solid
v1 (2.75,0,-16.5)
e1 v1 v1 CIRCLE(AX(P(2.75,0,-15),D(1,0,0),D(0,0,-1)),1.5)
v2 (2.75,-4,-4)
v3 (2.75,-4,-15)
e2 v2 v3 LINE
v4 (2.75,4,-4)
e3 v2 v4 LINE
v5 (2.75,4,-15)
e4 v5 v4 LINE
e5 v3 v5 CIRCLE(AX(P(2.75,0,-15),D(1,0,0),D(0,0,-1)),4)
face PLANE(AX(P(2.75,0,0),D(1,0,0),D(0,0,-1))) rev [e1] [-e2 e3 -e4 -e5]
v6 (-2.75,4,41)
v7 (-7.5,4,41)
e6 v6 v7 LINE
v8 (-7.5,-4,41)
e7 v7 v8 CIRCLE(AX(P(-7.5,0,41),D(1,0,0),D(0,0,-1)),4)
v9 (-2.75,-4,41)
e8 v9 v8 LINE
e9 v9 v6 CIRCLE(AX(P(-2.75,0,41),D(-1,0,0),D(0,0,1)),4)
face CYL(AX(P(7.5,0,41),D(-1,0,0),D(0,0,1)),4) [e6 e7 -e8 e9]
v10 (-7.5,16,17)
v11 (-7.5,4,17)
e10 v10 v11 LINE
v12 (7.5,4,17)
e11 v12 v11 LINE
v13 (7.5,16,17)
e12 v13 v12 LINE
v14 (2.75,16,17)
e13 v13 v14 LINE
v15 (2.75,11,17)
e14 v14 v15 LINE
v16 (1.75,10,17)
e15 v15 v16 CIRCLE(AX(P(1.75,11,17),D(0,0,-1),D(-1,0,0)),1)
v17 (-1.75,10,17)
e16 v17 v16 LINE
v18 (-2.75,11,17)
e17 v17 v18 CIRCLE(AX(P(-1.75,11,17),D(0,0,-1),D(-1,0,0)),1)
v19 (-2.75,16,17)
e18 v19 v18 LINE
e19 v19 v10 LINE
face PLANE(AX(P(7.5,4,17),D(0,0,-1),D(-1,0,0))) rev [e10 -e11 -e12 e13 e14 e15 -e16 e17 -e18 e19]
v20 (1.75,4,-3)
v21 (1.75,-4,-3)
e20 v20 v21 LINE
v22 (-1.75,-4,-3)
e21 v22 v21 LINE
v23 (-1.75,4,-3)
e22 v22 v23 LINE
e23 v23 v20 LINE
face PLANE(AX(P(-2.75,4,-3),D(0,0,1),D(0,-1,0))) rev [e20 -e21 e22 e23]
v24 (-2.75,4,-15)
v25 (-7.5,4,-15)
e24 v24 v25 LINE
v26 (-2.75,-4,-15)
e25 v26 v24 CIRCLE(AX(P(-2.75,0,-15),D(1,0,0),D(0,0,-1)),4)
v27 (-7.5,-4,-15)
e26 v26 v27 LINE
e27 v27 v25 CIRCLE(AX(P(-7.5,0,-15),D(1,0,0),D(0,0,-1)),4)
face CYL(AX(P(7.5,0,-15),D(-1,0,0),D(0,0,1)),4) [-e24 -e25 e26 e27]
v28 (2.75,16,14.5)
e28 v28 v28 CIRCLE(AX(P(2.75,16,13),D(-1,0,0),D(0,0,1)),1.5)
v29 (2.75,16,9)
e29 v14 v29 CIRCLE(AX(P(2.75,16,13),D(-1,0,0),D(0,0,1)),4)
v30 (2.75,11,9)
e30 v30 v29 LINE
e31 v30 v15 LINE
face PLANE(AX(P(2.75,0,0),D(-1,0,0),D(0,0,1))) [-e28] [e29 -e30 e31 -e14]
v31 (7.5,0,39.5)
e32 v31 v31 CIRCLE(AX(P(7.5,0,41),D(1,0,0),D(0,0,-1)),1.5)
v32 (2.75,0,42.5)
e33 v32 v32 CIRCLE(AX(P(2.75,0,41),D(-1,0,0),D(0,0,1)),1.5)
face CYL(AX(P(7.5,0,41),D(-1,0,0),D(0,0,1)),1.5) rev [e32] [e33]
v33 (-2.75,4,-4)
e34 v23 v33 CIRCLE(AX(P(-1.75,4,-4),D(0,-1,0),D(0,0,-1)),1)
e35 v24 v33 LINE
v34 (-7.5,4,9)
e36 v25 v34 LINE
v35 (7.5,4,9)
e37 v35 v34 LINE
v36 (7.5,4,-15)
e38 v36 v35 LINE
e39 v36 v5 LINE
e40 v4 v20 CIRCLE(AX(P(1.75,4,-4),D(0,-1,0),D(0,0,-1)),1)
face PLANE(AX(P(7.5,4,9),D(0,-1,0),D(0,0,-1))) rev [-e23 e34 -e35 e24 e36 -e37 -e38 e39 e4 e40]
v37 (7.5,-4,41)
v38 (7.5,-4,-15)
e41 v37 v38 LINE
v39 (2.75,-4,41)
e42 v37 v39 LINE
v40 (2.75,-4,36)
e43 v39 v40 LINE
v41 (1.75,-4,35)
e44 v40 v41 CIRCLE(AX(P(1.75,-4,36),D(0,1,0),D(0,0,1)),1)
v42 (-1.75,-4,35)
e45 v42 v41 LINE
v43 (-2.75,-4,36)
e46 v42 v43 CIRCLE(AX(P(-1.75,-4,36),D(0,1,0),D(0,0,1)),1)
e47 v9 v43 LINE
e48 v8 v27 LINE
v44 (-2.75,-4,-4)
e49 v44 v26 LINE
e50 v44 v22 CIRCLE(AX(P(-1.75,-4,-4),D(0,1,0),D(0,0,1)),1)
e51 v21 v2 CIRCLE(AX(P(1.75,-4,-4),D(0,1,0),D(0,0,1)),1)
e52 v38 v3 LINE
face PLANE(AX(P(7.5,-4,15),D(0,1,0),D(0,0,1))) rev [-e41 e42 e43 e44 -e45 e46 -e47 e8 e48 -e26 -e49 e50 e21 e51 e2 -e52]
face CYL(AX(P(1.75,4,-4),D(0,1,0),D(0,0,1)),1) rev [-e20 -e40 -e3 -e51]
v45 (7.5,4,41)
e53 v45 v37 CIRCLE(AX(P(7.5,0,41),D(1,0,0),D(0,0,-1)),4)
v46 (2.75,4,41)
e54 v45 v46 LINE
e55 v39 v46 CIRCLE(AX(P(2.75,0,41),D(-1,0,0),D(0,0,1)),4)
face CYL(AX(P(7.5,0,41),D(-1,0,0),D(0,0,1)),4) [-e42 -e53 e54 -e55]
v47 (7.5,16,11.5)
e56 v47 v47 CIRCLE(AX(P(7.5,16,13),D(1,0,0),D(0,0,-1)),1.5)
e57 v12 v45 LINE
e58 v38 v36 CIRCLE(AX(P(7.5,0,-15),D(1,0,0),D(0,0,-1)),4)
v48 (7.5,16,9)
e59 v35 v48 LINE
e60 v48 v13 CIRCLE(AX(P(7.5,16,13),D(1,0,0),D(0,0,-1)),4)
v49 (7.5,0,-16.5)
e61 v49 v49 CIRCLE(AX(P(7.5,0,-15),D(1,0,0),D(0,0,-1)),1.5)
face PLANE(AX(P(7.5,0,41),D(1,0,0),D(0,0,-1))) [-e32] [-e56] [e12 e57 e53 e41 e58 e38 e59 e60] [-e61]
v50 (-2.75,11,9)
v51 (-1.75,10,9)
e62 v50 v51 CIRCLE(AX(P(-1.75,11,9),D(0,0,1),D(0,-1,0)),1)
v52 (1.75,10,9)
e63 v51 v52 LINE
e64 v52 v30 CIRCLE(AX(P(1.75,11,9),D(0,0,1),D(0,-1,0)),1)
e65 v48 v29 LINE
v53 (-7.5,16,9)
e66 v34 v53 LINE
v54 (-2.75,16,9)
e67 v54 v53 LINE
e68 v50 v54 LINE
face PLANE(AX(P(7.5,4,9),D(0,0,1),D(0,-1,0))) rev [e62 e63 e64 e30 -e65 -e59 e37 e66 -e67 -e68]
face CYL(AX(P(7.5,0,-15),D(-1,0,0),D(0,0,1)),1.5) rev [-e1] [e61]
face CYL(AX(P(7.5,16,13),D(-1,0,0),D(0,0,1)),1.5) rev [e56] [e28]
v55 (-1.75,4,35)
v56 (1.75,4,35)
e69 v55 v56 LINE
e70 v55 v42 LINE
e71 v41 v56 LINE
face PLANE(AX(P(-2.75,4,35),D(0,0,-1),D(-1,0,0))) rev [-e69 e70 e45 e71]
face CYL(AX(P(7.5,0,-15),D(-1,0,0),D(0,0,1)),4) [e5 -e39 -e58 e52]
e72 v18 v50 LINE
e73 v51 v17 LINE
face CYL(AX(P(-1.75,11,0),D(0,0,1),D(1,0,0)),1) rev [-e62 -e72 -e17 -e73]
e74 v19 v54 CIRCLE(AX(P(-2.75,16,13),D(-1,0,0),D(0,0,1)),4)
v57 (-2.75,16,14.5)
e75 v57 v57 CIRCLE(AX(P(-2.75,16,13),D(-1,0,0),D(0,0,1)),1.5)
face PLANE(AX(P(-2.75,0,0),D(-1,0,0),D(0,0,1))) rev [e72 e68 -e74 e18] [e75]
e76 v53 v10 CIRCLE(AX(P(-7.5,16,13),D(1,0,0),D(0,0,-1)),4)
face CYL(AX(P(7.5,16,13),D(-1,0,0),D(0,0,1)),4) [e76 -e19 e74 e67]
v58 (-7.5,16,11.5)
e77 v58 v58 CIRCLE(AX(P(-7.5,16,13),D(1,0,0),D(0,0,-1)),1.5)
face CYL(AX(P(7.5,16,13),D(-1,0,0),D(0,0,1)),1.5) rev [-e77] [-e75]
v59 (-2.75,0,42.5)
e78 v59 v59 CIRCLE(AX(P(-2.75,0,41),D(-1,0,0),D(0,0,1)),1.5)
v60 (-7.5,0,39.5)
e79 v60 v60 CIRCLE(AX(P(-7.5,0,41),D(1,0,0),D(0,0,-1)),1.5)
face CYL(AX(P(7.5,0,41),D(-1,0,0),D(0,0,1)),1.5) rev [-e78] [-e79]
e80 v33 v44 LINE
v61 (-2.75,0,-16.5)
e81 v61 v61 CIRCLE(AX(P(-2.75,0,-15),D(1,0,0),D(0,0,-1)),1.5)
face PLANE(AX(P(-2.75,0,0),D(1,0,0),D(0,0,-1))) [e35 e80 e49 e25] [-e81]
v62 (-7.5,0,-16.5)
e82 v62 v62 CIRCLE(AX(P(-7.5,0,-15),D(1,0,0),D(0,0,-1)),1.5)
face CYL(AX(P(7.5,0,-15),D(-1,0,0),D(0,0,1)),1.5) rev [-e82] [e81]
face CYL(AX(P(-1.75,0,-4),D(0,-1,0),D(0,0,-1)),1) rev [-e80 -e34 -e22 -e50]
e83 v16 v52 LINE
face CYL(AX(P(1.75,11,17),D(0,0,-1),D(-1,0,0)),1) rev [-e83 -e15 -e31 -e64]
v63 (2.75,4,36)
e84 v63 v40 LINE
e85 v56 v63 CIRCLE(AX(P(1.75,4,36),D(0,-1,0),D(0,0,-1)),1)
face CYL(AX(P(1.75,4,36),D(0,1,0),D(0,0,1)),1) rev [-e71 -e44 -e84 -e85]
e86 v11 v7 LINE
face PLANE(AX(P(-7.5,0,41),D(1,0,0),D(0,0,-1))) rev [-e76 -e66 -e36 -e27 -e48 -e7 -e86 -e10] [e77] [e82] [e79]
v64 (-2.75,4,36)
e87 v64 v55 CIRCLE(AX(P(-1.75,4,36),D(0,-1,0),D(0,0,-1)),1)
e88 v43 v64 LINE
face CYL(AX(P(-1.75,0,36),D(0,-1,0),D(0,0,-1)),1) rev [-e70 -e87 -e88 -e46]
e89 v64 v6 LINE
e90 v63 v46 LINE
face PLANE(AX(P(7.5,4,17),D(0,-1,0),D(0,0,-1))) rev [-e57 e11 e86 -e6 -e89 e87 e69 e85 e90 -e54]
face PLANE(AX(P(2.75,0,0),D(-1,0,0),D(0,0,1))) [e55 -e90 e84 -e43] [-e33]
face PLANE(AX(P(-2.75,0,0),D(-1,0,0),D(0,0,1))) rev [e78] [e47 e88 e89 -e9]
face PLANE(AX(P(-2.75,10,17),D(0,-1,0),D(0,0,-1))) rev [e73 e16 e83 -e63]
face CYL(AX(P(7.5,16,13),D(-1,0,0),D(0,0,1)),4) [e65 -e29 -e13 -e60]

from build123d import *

# Parameters (mm, degrees)
CROQUIS1_R              = 1.5
SALIENTE_EXTRUIR1_DEPTH = 7.5
CROQUIS2_W              = 8
CROQUIS2_H              = 10
CROQUIS2_W_2            = 16
CROQUIS2_H_2            = 8
CROQUIS2_W_3            = 10
CORTAR_EXTRUIR1_DEPTH   = 2.75
REDONDEO1_R             = 1


with BuildPart() as part:
    # Croquis1 → Saliente-Extruir1 (new, symmetric)
    with BuildSketch(Plane(origin=(0, 0, 0), x_dir=(0, 0, -1), z_dir=(1, 0, 0))):
        with BuildLine():
            Line((-15, -4), (15, -4))
            ThreePointArc((15, -4), (19, 0), (15, 4))
            Line((15, 4), (-9, 4))
            Line((-9, 4), (-9, 16))
            ThreePointArc((-9, 16), (-13, 20), (-17, 16))
            Line((-17, 16), (-17, 4))
            Line((-17, 4), (-41, 4))
            ThreePointArc((-41, 4), (-45, 0), (-41, -4))
            Line((-41, -4), (-15, -4))
        make_face()
        with Locations((15, 0)):
            Circle(CROQUIS1_R, mode=Mode.SUBTRACT)
        with Locations((-13, 16)):
            Circle(CROQUIS1_R, mode=Mode.SUBTRACT)
        with Locations((-41, 0)):
            Circle(CROQUIS1_R, mode=Mode.SUBTRACT)
    extrude(amount=SALIENTE_EXTRUIR1_DEPTH, both=True)

    # Croquis2 → Cortar-Extruir1 (cut, symmetric)
    with BuildSketch(Plane(origin=(0, 0, 0), x_dir=(0, 0, -1), z_dir=(1, 0, 0))):
        with Locations((-13, 15)):
            Rectangle(CROQUIS2_W, CROQUIS2_H)
        with Locations((11, 0)):
            Rectangle(CROQUIS2_W_2, CROQUIS2_H_2)
        with Locations((-40, 0)):
            Rectangle(CROQUIS2_W_3, CROQUIS2_H_2)
    extrude(amount=CORTAR_EXTRUIR1_DEPTH, both=True, mode=Mode.SUBTRACT)

    # Redondeo1
    redondeo1_edges = [part.edges().sort_by_distance(p)[0] for p in [
        (2.75, 10, 13),
        (-2.75, 10, 13),
        (2.75, 0, 35),
        (-2.75, 0, 35),
        (2.75, 0, -3),
        (-2.75, 0, -3),
    ]]
    fillet(redondeo1_edges, radius=REDONDEO1_R)


solid = part.part
